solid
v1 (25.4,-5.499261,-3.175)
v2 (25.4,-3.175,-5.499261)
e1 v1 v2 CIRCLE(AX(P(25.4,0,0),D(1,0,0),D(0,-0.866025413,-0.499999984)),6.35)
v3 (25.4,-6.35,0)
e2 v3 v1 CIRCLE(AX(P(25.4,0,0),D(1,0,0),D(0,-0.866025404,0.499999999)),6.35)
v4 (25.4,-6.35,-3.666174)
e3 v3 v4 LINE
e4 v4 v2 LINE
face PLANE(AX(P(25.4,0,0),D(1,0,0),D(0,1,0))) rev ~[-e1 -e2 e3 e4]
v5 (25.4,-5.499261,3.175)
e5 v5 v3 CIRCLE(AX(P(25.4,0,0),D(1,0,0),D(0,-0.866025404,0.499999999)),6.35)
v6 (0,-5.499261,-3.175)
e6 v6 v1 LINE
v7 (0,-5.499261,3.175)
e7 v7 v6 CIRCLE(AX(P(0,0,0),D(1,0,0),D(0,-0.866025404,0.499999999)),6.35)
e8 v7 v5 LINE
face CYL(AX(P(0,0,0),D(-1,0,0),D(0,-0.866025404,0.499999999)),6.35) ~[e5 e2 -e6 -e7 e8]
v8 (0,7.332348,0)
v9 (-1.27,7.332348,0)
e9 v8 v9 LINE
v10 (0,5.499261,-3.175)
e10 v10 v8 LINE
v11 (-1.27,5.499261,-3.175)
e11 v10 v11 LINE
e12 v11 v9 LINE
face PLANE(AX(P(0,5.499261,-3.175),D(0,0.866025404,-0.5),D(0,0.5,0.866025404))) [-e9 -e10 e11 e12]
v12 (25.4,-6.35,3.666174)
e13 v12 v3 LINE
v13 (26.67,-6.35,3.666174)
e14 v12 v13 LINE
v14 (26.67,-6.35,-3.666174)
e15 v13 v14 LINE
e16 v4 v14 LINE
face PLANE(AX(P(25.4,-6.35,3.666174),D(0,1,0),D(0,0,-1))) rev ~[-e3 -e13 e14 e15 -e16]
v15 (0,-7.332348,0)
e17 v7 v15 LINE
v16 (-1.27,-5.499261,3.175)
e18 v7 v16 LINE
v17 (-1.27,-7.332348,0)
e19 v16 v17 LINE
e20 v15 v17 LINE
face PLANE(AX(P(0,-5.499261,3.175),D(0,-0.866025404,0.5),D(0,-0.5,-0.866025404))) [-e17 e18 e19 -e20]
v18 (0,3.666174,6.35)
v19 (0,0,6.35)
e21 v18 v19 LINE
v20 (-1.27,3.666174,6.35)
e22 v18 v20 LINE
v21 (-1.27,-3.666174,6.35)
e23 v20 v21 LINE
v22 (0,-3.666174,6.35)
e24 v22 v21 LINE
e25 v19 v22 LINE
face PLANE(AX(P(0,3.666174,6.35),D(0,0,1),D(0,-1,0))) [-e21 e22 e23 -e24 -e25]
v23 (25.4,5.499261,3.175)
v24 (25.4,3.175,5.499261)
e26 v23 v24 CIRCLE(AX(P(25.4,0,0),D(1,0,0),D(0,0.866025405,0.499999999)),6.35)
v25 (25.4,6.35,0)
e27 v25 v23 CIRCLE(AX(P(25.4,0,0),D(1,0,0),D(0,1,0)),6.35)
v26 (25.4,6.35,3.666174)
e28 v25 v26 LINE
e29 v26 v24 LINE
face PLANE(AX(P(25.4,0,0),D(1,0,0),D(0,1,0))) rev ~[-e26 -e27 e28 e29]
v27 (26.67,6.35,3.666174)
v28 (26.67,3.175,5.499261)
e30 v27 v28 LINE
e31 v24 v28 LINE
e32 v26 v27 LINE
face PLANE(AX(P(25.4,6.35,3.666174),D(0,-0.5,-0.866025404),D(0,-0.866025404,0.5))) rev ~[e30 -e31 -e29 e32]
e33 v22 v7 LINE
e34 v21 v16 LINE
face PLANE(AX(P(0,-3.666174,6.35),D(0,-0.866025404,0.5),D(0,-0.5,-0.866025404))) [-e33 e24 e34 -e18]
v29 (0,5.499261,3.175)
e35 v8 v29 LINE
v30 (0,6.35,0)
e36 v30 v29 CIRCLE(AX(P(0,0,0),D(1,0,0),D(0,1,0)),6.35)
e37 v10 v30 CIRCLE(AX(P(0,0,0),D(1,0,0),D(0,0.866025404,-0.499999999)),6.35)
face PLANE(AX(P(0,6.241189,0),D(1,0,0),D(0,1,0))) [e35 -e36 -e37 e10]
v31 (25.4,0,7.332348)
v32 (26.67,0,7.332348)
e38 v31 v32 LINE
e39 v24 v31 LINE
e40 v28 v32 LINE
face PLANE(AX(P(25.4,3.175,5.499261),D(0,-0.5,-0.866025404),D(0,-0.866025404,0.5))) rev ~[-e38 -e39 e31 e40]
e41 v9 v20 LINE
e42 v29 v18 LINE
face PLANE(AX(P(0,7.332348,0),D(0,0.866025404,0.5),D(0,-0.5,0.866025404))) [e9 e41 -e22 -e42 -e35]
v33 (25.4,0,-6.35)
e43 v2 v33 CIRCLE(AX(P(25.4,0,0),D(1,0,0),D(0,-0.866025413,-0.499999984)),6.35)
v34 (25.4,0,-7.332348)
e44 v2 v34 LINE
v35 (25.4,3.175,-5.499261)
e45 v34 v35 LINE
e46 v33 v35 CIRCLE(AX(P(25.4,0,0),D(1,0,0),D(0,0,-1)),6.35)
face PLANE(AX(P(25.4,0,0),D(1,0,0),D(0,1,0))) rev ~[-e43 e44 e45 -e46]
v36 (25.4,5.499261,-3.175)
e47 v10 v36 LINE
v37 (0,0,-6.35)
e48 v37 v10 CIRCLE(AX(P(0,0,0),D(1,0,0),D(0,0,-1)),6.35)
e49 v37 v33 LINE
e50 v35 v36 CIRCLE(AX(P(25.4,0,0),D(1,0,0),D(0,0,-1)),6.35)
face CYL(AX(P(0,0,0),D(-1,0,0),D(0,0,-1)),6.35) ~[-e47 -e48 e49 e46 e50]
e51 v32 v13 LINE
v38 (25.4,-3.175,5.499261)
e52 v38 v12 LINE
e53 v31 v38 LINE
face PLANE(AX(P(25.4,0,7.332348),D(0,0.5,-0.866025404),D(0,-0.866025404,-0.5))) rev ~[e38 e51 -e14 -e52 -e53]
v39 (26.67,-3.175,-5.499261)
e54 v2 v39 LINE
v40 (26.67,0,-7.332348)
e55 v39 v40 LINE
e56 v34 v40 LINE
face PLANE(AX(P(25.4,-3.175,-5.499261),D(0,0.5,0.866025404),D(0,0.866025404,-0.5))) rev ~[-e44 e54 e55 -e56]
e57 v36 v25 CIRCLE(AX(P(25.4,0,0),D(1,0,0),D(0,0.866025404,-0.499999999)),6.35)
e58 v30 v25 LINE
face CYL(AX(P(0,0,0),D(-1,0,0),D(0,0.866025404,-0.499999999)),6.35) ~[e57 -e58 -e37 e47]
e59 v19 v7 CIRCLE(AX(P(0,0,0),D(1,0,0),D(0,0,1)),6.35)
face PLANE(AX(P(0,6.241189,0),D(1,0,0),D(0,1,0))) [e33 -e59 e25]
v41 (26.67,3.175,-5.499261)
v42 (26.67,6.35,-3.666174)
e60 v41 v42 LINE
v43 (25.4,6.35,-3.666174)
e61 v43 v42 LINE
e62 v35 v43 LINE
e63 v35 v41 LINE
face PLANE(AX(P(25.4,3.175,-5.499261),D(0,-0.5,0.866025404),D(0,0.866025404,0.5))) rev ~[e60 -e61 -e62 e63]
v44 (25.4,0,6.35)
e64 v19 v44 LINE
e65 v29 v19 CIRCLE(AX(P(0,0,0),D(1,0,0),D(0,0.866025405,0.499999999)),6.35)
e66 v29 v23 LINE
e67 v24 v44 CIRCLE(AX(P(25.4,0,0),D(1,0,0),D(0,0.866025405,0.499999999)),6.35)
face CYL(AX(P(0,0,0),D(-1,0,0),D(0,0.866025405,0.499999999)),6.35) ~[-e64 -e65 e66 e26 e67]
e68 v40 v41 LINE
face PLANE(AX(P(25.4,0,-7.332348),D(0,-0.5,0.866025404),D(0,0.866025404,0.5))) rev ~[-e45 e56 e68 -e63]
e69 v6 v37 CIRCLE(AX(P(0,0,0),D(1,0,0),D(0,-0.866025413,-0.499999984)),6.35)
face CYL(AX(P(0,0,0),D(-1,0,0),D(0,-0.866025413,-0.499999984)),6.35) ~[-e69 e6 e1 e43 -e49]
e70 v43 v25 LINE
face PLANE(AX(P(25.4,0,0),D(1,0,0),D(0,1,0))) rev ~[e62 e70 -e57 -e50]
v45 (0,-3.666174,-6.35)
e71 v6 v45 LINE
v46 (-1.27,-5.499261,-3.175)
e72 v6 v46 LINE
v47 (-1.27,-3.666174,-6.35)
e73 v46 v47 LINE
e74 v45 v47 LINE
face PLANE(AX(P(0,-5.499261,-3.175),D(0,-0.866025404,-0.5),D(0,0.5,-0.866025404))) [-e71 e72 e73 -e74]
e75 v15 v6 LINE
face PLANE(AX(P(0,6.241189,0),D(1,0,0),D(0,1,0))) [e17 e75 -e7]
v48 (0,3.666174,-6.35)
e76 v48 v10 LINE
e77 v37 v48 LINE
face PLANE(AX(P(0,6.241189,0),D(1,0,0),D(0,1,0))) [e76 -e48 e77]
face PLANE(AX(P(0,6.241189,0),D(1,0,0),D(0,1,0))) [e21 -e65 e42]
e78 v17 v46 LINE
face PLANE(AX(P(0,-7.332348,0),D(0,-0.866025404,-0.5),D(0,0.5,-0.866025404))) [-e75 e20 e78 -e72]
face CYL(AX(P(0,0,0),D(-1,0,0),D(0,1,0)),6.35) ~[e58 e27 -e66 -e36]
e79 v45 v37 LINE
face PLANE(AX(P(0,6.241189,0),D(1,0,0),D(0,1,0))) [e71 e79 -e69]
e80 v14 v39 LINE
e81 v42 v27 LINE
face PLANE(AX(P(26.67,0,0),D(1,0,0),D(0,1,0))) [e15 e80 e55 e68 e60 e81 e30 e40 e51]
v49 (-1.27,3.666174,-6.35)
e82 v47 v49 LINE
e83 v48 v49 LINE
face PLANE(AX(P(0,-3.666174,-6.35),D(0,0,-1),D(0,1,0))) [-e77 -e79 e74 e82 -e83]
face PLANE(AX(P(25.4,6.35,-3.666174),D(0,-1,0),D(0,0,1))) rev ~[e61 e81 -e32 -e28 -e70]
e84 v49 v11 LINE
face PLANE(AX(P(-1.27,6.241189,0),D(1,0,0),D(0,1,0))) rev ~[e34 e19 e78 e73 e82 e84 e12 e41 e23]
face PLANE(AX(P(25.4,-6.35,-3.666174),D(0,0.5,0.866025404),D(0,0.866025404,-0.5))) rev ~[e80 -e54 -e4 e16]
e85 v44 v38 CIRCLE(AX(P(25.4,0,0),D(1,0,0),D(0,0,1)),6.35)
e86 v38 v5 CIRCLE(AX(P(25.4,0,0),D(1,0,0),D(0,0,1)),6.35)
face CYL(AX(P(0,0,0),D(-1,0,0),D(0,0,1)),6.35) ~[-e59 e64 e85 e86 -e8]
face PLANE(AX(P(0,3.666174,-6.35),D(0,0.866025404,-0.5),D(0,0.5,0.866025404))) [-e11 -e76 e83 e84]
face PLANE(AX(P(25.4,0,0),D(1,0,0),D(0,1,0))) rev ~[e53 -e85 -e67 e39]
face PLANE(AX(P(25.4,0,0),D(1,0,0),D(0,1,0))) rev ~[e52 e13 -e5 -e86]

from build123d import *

# Parameters (mm, degrees)
F1_DEPTH = 25.4
F3_DEPTH = 1.27
F4_DEPTH = 1.27


with BuildPart() as f1:
    # F0 (on Right) → F1 (new body)
    with BuildSketch(Plane.YZ):
        with BuildLine():
            ThreePointArc((5.4992613166, -3.1749999956), (6.1336289976, -1.6435009339), (6.35, 0))
            ThreePointArc((6.35, 0), (6.1336289982, 1.6435009317), (5.4992613189, 3.1749999916))
            ThreePointArc((5.4992613189, 3.1749999916), (3.1750000042, 5.4992613116), (0, 6.35))
            ThreePointArc((0, 6.35), (-3.1750000022, 5.4992613128), (-5.4992613166, 3.1749999956))
            ThreePointArc((-5.4992613166, 3.1749999956), (-6.35, 5.57e-08), (-5.4992613723, -3.1749998991))
            ThreePointArc((-5.4992613723, -3.1749998991), (-3.1750000504, -5.4992612849), (0, -6.35))
            ThreePointArc((0, -6.35), (3.1750000022, -5.4992613128), (5.4992613166, -3.1749999956))
        make_face()
    extrude(amount=F1_DEPTH)

    # F2 (on face) → F3 (join)
    with BuildSketch(Plane.YZ.offset(25.4)):
        with BuildLine():
            ThreePointArc((3.1750003445, -5.4992611151), (5.4992614135, -3.1749998278), (6.35, 0))
            ThreePointArc((6.35, 0), (5.4992613234, 3.1749999838), (3.1750000324, 5.4992612953))
            ThreePointArc((3.1750000324, 5.4992612953), (5.57e-08, 6.35), (-3.174999936, 5.499261351))
            ThreePointArc((-3.174999936, 5.499261351), (-5.4992612955, 3.175000032), (-6.35, 0))
            ThreePointArc((-6.35, 0), (-5.4992613963, -3.1749998576), (-3.1750002849, -5.4992611496))
            ThreePointArc((-3.1750002849, -5.4992611496), (3.44e-08, -6.35), (3.1750003445, -5.4992611151))
        make_face()
        with BuildLine():
            Line((6.35, 0), (6.35, 3.6661742094))
            Line((6.35, 3.6661742094), (3.1750000324, 5.4992612953))
            ThreePointArc((3.1750000324, 5.4992612953), (5.4992613234, 3.1749999838), (6.35, 0))
        make_face()
        with BuildLine():
            Line((-6.35, -3.6661742094), (-3.1750002849, -5.4992611496))
            ThreePointArc((-3.1750002849, -5.4992611496), (-5.4992613963, -3.1749998576), (-6.35, 0))
            Line((-6.35, 0), (-6.35, -3.6661742094))
        make_face()
        with BuildLine():
            Line((6.35, -3.6661742094), (6.35, 0))
            ThreePointArc((6.35, 0), (5.4992614135, -3.1749998278), (3.1750003445, -5.4992611151))
            Line((3.1750003445, -5.4992611151), (6.35, -3.6661742094))
        make_face()
        with BuildLine():
            ThreePointArc((-3.174999936, 5.499261351), (5.57e-08, 6.35), (3.1750000324, 5.4992612953))
            Line((3.1750000324, 5.4992612953), (0, 7.3323484187))
            Line((0, 7.3323484187), (-3.174999936, 5.499261351))
        make_face()
        with BuildLine():
            Line((0, -7.3323484187), (3.1750003445, -5.4992611151))
            ThreePointArc((3.1750003445, -5.4992611151), (3.44e-08, -6.35), (-3.1750002849, -5.4992611496))
            Line((-3.1750002849, -5.4992611496), (0, -7.3323484187))
        make_face()
        with BuildLine():
            ThreePointArc((-6.35, 0), (-5.4992612955, 3.175000032), (-3.174999936, 5.499261351))
            Line((-3.174999936, 5.499261351), (-6.35, 3.6661742094))
            Line((-6.35, 3.6661742094), (-6.35, 0))
        make_face()
    extrude(amount=F3_DEPTH)

    # F0 (on Right) → F4 (join)
    with BuildSketch(Plane.YZ):
        with BuildLine():
            ThreePointArc((5.4992613189, 3.1749999916), (6.1336289982, 1.6435009317), (6.35, 0))
            ThreePointArc((6.35, 0), (6.1336289976, -1.6435009339), (5.4992613166, -3.1749999956))
            Line((5.4992613166, -3.1749999956), (7.3323484187, 0))
            Line((7.3323484187, 0), (5.4992613189, 3.1749999916))
        make_face()
        with BuildLine():
            ThreePointArc((-5.4992613723, -3.1749998991), (-6.35, 5.57e-08), (-5.4992613166, 3.1749999956))
            Line((-5.4992613166, 3.1749999956), (-7.3323484187, 0))
            Line((-7.3323484187, 0), (-5.4992613723, -3.1749998991))
        make_face()
        with BuildLine():
            ThreePointArc((0, 6.35), (3.1750000042, 5.4992613116), (5.4992613189, 3.1749999916))
            Line((5.4992613189, 3.1749999916), (3.6661742094, 6.35))
            Line((3.6661742094, 6.35), (0, 6.35))
        make_face()
        with BuildLine():
            Line((3.6661742094, -6.35), (5.4992613166, -3.1749999956))
            ThreePointArc((5.4992613166, -3.1749999956), (3.1750000022, -5.4992613128), (0, -6.35))
            Line((0, -6.35), (3.6661742094, -6.35))
        make_face()
        with BuildLine():
            ThreePointArc((-5.4992613166, 3.1749999956), (-3.1750000022, 5.4992613128), (0, 6.35))
            Line((0, 6.35), (-3.6661742094, 6.35))
            Line((-3.6661742094, 6.35), (-5.4992613166, 3.1749999956))
        make_face()
        with BuildLine():
            Line((-3.6661742094, -6.35), (0, -6.35))
            ThreePointArc((0, -6.35), (-3.1750000504, -5.4992612849), (-5.4992613723, -3.1749998991))
            Line((-5.4992613723, -3.1749998991), (-3.6661742094, -6.35))
        make_face()
        with BuildLine():
            ThreePointArc((5.4992613166, -3.1749999956), (6.1336289976, -1.6435009339), (6.35, 0))
            ThreePointArc((6.35, 0), (6.1336289982, 1.6435009317), (5.4992613189, 3.1749999916))
            ThreePointArc((5.4992613189, 3.1749999916), (3.1750000042, 5.4992613116), (0, 6.35))
            ThreePointArc((0, 6.35), (-3.1750000022, 5.4992613128), (-5.4992613166, 3.1749999956))
            ThreePointArc((-5.4992613166, 3.1749999956), (-6.35, 5.57e-08), (-5.4992613723, -3.1749998991))
            ThreePointArc((-5.4992613723, -3.1749998991), (-3.1750000504, -5.4992612849), (0, -6.35))
            ThreePointArc((0, -6.35), (3.1750000022, -5.4992613128), (5.4992613166, -3.1749999956))
        make_face()
    extrude(amount=-F4_DEPTH)


solid = f1.part
